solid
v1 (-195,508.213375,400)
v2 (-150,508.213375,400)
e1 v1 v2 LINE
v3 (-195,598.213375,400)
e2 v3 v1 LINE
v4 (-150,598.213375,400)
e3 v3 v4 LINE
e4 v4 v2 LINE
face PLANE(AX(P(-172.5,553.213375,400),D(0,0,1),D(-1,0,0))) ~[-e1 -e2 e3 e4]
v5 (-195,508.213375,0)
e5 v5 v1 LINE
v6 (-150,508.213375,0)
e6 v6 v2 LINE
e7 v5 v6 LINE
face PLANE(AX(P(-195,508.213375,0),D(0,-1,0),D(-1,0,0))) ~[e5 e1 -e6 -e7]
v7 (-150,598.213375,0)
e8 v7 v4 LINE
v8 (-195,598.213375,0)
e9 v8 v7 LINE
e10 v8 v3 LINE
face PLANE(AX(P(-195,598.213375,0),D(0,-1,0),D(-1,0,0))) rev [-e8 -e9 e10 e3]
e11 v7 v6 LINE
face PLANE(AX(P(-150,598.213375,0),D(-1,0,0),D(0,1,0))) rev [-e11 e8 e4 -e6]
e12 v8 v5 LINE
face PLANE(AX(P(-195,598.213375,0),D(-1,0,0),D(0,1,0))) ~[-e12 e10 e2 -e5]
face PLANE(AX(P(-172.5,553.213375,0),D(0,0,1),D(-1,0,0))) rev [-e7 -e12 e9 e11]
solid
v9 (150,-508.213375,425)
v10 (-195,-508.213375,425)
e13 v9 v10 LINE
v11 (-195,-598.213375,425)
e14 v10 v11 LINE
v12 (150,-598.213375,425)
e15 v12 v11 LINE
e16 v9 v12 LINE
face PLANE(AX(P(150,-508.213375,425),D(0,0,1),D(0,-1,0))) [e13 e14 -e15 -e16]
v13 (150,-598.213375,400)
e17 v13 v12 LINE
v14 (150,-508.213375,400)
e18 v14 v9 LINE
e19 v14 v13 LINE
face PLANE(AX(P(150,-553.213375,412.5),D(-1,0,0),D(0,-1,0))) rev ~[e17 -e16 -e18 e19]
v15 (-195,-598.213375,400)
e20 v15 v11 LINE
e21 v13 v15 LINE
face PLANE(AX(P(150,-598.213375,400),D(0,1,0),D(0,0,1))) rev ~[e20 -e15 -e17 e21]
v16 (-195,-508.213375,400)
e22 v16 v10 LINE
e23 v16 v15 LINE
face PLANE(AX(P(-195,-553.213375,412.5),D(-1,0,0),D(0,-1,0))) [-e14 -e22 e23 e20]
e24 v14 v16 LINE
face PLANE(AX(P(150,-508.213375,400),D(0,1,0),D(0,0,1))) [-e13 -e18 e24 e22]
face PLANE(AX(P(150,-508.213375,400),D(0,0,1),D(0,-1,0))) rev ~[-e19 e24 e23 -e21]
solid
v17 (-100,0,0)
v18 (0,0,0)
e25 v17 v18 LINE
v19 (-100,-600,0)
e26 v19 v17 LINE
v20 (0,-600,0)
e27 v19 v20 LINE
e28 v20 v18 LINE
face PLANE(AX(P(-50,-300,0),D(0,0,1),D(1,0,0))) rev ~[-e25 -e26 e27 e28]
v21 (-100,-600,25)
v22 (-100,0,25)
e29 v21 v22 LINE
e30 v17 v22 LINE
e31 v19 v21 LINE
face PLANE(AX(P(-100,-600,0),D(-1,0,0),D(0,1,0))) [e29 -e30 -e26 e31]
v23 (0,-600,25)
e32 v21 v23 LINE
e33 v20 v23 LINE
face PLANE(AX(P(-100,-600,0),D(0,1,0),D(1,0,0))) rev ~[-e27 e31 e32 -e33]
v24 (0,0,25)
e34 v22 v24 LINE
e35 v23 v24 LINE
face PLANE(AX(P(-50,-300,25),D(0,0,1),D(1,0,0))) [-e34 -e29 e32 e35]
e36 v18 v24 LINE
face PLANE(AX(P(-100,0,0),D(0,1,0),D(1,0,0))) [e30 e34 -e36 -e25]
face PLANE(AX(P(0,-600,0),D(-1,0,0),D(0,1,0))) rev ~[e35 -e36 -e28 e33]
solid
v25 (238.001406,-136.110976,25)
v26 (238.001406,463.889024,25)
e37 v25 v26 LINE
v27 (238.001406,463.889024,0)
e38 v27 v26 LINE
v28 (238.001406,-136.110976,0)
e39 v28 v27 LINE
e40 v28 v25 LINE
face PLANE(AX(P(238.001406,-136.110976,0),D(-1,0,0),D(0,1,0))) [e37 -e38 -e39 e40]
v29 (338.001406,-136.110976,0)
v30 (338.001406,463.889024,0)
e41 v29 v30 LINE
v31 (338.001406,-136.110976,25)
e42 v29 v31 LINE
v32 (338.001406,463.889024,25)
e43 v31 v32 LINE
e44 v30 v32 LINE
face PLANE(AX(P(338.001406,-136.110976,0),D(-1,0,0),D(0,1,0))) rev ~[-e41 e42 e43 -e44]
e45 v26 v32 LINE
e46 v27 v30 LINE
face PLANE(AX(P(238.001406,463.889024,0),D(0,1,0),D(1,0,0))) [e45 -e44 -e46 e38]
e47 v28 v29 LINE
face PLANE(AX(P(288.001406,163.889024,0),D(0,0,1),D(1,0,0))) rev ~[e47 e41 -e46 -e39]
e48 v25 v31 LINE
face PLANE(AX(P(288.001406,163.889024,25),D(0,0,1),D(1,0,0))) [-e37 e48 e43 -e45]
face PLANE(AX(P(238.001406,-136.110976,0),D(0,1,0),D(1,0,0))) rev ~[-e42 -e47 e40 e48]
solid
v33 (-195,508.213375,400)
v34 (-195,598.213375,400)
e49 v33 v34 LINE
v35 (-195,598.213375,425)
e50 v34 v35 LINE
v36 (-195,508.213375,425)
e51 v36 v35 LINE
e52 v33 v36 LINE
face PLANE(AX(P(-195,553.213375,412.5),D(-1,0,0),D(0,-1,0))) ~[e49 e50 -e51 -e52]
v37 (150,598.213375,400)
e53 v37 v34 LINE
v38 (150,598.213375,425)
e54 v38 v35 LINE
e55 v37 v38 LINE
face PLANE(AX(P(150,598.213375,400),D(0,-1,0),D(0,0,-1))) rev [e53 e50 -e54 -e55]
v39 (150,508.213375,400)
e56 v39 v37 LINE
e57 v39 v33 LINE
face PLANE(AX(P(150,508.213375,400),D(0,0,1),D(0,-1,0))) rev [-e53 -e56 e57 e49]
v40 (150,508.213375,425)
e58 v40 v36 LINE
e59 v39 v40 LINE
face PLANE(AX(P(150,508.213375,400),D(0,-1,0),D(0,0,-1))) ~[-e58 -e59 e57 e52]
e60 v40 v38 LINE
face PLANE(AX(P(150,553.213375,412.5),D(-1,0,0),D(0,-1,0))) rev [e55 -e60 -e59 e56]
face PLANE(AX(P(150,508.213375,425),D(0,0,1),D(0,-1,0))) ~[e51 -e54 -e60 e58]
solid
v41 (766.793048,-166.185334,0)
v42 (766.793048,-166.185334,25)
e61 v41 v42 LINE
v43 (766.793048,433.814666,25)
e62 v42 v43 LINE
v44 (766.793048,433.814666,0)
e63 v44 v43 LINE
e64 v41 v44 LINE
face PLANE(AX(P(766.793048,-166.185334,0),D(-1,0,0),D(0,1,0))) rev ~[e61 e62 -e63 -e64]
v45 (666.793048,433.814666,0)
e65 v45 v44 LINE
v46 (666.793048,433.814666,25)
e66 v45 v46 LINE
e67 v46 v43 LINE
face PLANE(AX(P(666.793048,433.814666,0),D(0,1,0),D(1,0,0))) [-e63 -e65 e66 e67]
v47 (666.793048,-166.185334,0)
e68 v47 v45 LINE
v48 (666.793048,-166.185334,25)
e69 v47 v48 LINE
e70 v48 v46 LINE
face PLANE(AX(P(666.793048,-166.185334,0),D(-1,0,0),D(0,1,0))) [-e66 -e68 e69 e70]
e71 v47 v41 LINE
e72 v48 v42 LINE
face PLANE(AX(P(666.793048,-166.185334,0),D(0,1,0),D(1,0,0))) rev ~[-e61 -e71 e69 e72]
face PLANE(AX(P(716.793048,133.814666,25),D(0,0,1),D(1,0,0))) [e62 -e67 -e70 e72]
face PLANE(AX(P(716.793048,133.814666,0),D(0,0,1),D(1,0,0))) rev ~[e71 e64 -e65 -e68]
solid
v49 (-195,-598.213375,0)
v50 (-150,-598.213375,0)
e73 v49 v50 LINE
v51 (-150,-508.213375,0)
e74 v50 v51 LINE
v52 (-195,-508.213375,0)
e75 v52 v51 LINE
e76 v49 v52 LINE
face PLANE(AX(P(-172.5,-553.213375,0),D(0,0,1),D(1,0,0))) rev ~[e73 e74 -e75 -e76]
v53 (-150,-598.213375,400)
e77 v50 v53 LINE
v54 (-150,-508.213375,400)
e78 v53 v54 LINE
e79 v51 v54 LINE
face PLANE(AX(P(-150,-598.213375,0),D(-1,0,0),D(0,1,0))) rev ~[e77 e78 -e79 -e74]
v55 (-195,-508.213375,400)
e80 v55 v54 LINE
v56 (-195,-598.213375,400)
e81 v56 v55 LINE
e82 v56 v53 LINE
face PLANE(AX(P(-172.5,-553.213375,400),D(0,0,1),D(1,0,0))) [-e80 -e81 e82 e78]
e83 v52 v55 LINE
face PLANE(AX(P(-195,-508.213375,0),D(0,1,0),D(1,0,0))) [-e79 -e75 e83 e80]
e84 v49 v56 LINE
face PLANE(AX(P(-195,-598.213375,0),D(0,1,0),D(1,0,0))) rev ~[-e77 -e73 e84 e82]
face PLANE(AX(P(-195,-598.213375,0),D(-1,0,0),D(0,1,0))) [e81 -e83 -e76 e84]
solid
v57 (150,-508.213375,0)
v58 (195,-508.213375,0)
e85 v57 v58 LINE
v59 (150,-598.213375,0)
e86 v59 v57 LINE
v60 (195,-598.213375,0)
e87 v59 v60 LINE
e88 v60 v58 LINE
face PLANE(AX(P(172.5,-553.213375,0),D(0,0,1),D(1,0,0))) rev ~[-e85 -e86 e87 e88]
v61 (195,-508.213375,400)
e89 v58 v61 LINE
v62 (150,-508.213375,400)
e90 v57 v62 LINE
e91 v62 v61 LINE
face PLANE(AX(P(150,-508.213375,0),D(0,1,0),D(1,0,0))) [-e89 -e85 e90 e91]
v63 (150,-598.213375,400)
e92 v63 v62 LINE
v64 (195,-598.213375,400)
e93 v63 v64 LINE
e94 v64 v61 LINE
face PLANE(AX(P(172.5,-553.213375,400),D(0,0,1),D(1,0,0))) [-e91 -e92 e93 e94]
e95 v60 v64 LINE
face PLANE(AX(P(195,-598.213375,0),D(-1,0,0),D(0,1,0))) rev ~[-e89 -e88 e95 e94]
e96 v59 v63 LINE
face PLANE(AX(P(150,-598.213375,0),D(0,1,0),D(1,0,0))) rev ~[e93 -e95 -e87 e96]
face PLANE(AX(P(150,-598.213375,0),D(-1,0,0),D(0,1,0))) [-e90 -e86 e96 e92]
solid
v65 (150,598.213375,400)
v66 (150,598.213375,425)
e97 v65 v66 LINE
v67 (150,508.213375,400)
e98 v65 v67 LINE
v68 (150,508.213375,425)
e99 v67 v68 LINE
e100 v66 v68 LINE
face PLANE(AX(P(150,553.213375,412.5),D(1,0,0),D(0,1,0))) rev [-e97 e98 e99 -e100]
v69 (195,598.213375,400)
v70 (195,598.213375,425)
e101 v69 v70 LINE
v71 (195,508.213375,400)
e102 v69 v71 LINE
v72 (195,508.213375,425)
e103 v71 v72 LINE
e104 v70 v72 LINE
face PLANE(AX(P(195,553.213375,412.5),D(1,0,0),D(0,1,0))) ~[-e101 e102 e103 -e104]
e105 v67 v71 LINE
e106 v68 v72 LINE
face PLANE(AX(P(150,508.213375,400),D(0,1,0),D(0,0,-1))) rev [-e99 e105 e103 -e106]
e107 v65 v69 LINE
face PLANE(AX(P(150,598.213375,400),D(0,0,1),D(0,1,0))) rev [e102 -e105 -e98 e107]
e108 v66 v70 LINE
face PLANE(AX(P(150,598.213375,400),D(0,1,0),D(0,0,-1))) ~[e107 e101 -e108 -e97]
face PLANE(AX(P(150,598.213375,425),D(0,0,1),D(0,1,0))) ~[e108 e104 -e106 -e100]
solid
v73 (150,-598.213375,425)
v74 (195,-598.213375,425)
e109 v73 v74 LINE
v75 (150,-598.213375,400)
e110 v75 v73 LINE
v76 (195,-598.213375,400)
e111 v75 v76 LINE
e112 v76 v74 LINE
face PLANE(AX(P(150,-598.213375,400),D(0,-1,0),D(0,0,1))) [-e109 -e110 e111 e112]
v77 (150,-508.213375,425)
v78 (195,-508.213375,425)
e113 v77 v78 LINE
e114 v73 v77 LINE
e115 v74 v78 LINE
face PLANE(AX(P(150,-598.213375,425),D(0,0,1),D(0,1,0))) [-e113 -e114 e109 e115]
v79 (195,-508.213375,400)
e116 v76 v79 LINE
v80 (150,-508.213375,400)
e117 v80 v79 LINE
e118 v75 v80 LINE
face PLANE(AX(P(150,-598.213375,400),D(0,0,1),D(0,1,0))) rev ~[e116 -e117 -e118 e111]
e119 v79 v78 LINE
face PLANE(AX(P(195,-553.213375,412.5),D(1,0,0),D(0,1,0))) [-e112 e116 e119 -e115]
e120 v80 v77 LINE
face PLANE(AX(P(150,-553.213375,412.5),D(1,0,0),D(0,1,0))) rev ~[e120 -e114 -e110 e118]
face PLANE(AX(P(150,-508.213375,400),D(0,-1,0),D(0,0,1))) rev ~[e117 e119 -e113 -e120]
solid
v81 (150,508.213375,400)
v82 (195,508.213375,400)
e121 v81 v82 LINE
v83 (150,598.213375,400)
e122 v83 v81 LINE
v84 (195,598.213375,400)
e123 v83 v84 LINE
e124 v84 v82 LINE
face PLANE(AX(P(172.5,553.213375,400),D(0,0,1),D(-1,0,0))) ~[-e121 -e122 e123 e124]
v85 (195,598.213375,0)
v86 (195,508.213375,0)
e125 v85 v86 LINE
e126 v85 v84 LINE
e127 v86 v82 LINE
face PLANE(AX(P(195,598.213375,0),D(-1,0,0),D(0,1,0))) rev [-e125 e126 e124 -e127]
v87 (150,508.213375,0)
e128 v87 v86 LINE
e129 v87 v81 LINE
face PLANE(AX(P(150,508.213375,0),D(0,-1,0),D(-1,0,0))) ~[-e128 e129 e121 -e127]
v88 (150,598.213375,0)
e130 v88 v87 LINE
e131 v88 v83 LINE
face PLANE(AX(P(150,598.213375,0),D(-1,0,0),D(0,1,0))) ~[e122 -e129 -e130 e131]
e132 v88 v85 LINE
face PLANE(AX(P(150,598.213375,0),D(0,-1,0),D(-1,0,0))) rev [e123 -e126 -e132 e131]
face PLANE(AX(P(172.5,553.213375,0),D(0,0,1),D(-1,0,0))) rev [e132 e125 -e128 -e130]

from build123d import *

# Parameters (mm, degrees)
F0_W     = 45
F0_H     = 90
F1_DEPTH = 400
F3_W     = 90
F3_H     = 25
F4_DEPTH = 345
F5_W     = 90
F5_H     = 25
F6_DEPTH = 45
F8_W     = 100
F8_H     = 600
F9_DEPTH = 25


with BuildPart() as f1:
    # F0 (on Top) → F1 (new body)
    with BuildSketch(Plane.XY):
        with Locations((-172.5, -553.213375)):
            Rectangle(F0_W, F0_H)
        with Locations((172.5, -553.213375)):
            Rectangle(F0_W, F0_H)
    extrude(amount=F1_DEPTH)


with BuildPart() as f4:
    # F3 (on face) → F4 (new body)
    with BuildSketch(Plane(origin=(150, 0, 0), x_dir=(0, -1, 0), z_dir=(-1, 0, 0))):
        with Locations((553.213375, 412.5)):
            Rectangle(F3_W, F3_H)
    extrude(amount=F4_DEPTH)


with BuildPart() as f6:
    # F5 (on face) → F6 (new body)
    with BuildSketch(Plane.YZ.offset(150)):
        with Locations((-553.213375, 412.5)):
            Rectangle(F5_W, F5_H)
    extrude(amount=F6_DEPTH)


with BuildPart() as f7_1:
    # F7: instance of F1
    add(f1.part.mirror(Plane.XZ))


with BuildPart() as f7_2:
    # F7: instance of F4
    add(f4.part.mirror(Plane.XZ))


with BuildPart() as f7_3:
    # F7: instance of F6
    add(f6.part.mirror(Plane.XZ))


with BuildPart() as f9:
    # F8 (on Top) → F9 (new body)
    with BuildSketch(Plane.XY):
        with Locations((716.793048, 133.814666)):
            Rectangle(F8_W, F8_H)
        with Locations((288.001406, 163.889024)):
            Rectangle(F8_W, F8_H)
        with Locations((-50, -300)):
            Rectangle(F8_W, F8_H)
    extrude(amount=F9_DEPTH)


solid = Compound([f1.part, f4.part, f6.part, f7_1.part, f7_2.part, f7_3.part, f9.part])
